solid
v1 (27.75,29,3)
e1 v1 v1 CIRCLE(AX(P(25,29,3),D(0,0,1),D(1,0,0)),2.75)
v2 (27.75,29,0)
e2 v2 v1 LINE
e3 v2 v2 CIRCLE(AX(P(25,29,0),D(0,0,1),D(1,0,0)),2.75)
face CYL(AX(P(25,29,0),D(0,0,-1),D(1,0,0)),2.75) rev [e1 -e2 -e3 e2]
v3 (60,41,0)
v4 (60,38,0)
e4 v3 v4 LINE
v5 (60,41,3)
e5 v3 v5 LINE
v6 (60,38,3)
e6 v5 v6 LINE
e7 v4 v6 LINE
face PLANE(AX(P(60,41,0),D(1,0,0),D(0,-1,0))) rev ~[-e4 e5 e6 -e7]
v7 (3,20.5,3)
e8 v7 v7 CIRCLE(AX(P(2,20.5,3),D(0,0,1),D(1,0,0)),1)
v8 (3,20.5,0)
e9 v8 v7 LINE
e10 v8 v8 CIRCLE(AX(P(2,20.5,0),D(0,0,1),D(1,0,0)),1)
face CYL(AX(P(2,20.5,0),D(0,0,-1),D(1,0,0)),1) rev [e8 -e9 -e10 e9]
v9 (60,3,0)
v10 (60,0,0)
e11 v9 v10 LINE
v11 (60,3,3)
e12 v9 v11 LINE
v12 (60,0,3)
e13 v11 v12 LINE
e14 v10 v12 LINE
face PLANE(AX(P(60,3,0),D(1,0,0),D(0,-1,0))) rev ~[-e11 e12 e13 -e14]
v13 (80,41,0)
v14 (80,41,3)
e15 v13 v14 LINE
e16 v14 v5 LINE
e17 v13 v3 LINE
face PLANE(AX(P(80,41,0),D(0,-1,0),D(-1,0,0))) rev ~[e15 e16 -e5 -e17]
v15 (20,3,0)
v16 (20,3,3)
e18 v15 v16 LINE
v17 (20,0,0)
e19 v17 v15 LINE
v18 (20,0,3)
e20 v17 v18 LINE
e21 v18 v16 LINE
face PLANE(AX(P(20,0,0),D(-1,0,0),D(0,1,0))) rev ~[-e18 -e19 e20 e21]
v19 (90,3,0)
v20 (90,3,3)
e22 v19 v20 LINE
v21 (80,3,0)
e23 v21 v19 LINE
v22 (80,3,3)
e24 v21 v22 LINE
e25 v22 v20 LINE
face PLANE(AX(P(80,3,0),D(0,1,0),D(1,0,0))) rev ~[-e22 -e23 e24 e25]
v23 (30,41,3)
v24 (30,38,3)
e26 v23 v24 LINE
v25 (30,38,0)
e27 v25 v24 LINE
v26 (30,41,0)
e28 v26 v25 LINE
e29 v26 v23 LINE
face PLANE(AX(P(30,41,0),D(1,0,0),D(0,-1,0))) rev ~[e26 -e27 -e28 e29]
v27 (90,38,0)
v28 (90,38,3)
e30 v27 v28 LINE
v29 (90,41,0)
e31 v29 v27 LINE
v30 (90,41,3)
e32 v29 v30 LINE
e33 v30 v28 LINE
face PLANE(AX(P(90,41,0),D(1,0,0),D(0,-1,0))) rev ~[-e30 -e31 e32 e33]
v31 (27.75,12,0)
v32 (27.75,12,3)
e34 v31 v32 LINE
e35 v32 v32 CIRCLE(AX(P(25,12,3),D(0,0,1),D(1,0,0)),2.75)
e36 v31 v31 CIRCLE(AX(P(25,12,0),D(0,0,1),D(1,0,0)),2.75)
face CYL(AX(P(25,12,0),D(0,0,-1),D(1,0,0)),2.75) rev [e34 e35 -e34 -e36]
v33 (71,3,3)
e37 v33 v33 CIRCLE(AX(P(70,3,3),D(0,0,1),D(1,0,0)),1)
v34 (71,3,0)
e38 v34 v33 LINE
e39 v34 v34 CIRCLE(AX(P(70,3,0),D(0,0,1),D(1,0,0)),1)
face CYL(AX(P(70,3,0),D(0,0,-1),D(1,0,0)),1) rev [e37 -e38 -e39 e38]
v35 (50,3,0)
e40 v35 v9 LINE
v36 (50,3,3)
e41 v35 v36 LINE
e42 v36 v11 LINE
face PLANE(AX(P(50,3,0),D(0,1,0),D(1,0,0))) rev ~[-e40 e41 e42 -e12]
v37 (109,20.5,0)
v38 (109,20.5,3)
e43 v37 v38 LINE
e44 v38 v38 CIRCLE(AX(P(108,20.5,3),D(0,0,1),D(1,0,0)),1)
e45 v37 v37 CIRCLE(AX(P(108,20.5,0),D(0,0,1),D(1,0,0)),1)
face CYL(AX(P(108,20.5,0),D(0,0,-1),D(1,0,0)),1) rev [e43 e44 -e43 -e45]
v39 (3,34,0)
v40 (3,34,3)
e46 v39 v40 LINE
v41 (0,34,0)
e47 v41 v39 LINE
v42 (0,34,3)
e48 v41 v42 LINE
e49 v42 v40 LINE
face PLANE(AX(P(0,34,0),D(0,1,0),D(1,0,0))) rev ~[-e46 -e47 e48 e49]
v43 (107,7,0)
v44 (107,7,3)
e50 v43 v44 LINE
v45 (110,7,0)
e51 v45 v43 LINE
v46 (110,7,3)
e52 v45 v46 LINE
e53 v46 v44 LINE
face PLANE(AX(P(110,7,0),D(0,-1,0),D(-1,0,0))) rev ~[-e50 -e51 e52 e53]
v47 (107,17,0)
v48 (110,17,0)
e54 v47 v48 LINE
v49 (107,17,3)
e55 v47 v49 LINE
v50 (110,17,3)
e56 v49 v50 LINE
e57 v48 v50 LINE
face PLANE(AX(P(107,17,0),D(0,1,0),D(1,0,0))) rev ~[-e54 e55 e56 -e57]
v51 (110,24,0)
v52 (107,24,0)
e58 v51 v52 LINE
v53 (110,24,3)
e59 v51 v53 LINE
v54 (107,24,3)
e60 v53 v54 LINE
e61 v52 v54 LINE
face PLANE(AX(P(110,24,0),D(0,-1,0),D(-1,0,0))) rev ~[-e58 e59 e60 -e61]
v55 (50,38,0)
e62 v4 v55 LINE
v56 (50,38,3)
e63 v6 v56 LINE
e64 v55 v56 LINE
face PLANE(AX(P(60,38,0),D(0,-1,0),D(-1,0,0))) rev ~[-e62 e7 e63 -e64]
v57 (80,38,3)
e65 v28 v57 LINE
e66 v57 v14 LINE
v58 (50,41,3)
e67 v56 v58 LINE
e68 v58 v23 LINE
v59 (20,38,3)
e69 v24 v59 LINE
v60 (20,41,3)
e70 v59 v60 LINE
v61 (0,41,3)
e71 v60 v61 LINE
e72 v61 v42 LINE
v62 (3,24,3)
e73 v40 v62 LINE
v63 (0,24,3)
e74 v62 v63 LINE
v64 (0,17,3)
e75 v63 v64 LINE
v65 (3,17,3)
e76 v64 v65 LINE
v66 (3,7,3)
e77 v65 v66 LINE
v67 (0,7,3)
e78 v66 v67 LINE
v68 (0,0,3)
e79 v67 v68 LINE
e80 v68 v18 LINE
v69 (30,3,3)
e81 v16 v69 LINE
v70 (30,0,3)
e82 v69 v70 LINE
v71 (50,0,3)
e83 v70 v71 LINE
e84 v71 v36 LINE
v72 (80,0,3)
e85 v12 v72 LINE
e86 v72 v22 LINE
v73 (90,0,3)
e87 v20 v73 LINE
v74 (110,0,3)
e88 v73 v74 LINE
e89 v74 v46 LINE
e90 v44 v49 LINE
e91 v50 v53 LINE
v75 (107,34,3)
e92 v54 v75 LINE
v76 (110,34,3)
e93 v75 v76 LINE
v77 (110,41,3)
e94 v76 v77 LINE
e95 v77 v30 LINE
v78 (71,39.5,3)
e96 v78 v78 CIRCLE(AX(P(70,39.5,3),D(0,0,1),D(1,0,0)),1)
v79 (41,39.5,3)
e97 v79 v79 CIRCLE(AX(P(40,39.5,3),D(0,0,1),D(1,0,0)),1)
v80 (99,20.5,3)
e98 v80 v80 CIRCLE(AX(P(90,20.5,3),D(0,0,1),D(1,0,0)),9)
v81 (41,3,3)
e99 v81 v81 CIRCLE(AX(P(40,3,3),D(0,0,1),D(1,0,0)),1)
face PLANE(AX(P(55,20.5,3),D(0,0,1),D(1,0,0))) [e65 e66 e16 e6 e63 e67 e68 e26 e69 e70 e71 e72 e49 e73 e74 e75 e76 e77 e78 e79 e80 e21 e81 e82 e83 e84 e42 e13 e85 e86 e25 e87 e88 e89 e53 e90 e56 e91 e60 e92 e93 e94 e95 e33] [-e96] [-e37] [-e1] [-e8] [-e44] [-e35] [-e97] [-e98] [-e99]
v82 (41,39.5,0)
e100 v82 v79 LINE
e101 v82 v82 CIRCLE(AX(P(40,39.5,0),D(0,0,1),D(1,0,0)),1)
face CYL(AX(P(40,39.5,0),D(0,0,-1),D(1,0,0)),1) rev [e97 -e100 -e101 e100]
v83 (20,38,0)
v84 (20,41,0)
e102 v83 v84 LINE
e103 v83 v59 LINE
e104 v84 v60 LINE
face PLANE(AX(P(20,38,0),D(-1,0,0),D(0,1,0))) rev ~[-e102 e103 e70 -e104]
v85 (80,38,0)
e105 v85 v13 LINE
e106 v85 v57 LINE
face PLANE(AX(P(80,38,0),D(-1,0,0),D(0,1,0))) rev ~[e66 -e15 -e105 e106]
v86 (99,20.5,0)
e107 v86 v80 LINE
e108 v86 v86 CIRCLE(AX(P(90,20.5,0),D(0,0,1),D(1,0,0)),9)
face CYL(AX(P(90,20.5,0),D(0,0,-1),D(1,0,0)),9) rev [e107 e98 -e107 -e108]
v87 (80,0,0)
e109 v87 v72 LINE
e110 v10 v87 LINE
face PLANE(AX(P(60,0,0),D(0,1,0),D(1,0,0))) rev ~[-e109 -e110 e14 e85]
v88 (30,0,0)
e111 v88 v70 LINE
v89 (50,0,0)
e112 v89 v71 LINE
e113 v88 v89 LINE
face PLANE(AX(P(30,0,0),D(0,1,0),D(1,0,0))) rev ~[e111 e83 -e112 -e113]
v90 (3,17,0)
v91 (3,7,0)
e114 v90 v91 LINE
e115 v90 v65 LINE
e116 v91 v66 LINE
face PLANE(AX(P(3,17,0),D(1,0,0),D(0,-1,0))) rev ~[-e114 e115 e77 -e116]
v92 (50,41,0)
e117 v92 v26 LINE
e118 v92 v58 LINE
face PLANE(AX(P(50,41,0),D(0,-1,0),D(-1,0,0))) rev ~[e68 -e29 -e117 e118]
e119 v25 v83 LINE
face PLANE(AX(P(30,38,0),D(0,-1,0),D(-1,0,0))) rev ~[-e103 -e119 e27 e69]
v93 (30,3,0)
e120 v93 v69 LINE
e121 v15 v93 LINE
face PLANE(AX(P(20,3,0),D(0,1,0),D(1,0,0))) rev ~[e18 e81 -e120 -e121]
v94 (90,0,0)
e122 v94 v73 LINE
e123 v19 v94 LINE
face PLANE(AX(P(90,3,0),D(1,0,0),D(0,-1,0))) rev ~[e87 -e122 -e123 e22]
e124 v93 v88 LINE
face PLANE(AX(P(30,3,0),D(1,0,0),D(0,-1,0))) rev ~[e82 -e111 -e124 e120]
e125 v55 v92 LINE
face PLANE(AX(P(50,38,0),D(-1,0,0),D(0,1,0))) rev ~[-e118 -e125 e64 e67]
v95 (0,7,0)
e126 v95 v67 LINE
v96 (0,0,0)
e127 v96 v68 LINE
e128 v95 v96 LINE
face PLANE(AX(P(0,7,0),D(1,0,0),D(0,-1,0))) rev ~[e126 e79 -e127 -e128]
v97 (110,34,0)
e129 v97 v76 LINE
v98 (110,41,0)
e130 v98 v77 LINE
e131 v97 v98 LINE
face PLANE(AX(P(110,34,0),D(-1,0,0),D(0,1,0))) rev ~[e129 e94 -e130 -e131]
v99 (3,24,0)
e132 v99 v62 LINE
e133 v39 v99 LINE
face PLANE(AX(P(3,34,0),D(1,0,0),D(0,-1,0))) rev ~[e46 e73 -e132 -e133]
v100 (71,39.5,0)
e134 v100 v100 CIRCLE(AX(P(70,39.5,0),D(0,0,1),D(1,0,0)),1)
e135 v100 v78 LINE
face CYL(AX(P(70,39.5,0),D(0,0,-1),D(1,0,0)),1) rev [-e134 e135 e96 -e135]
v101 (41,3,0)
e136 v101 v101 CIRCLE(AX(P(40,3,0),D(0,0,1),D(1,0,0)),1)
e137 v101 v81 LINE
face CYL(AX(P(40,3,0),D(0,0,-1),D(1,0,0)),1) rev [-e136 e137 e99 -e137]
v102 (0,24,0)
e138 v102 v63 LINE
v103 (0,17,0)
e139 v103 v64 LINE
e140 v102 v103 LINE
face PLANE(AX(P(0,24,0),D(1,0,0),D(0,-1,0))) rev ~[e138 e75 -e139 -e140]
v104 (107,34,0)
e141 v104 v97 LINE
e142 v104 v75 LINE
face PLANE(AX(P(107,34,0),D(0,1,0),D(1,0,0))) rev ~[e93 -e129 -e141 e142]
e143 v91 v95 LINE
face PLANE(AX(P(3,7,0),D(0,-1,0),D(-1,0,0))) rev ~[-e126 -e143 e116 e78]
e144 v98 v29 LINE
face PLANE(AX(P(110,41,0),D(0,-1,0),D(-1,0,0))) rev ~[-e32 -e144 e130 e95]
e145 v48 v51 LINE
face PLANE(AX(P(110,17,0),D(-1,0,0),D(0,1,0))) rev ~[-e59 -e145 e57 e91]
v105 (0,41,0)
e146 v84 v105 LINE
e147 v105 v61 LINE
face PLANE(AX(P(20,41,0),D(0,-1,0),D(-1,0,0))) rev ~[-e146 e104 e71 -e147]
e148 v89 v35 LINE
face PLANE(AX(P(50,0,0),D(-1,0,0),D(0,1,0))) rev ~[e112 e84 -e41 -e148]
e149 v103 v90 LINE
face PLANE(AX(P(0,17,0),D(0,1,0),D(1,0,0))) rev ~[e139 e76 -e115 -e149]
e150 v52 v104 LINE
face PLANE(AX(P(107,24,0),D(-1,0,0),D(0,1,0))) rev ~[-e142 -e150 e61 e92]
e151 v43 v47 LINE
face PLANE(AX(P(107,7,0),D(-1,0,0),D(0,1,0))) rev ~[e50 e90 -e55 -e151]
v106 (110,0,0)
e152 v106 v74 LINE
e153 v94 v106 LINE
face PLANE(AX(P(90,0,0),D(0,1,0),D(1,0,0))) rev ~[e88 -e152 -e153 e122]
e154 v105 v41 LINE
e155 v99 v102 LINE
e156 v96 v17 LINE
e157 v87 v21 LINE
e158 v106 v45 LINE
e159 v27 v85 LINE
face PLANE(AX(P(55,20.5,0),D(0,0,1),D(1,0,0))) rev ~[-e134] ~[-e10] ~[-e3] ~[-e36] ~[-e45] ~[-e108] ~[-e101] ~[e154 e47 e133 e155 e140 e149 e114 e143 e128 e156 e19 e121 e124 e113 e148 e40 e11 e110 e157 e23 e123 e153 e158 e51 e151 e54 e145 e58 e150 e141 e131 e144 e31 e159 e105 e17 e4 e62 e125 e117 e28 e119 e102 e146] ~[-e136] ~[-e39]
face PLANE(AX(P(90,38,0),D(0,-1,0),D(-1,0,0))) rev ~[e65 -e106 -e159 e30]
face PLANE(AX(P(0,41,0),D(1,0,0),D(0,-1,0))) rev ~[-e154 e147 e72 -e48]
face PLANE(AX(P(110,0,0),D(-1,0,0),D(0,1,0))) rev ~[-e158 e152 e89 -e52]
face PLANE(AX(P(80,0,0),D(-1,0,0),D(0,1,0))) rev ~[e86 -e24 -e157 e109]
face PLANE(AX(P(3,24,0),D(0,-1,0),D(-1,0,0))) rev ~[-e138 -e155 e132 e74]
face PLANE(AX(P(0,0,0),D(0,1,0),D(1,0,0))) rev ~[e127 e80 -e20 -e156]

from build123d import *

# Parameters (mm, degrees)
F0_R     = 1
F0_R_2   = 2.75
F0_R_3   = 9
F1_DEPTH = 3


with BuildPart() as f1:
    # F0 (on Top) → F1 (new body)
    with BuildSketch(Plane.XY):
        Polygon((0, 7), (0, 0), (20, 0), (20, 3), (30, 3), (30, 0), (50, 0), (50, 3), (55, 3), (60, 3), (60, 0), (80, 0), (80, 3), (90, 3), (90, 0), (110, 0), (110, 7), (107, 7), (107, 17), (110, 17), (110, 24), (107, 24), (107, 34), (110, 34), (110, 41), (90, 41), (90, 38), (80, 38), (80, 41), (60, 41), (60, 38), (55, 38), (50, 38), (50, 41), (30, 41), (30, 38), (20, 38), (20, 41), (0, 41), (0, 34), (3, 34), (3, 24), (0, 24), (0, 17), (3, 17), (3, 7), align=None)
        with Locations((40, 3)):
            Circle(F0_R, mode=Mode.SUBTRACT)
        with Locations((25, 12)):
            Circle(F0_R_2, mode=Mode.SUBTRACT)
        with Locations((70, 3)):
            Circle(F0_R, mode=Mode.SUBTRACT)
        with Locations((2, 20.5)):
            Circle(F0_R, mode=Mode.SUBTRACT)
        with Locations((25, 29)):
            Circle(F0_R_2, mode=Mode.SUBTRACT)
        with Locations((40, 39.5)):
            Circle(F0_R, mode=Mode.SUBTRACT)
        with Locations((90, 20.5)):
            Circle(F0_R_3, mode=Mode.SUBTRACT)
        with Locations((108, 20.5)):
            Circle(F0_R, mode=Mode.SUBTRACT)
        with Locations((70, 39.5)):
            Circle(F0_R, mode=Mode.SUBTRACT)
    extrude(amount=F1_DEPTH)


solid = f1.part
